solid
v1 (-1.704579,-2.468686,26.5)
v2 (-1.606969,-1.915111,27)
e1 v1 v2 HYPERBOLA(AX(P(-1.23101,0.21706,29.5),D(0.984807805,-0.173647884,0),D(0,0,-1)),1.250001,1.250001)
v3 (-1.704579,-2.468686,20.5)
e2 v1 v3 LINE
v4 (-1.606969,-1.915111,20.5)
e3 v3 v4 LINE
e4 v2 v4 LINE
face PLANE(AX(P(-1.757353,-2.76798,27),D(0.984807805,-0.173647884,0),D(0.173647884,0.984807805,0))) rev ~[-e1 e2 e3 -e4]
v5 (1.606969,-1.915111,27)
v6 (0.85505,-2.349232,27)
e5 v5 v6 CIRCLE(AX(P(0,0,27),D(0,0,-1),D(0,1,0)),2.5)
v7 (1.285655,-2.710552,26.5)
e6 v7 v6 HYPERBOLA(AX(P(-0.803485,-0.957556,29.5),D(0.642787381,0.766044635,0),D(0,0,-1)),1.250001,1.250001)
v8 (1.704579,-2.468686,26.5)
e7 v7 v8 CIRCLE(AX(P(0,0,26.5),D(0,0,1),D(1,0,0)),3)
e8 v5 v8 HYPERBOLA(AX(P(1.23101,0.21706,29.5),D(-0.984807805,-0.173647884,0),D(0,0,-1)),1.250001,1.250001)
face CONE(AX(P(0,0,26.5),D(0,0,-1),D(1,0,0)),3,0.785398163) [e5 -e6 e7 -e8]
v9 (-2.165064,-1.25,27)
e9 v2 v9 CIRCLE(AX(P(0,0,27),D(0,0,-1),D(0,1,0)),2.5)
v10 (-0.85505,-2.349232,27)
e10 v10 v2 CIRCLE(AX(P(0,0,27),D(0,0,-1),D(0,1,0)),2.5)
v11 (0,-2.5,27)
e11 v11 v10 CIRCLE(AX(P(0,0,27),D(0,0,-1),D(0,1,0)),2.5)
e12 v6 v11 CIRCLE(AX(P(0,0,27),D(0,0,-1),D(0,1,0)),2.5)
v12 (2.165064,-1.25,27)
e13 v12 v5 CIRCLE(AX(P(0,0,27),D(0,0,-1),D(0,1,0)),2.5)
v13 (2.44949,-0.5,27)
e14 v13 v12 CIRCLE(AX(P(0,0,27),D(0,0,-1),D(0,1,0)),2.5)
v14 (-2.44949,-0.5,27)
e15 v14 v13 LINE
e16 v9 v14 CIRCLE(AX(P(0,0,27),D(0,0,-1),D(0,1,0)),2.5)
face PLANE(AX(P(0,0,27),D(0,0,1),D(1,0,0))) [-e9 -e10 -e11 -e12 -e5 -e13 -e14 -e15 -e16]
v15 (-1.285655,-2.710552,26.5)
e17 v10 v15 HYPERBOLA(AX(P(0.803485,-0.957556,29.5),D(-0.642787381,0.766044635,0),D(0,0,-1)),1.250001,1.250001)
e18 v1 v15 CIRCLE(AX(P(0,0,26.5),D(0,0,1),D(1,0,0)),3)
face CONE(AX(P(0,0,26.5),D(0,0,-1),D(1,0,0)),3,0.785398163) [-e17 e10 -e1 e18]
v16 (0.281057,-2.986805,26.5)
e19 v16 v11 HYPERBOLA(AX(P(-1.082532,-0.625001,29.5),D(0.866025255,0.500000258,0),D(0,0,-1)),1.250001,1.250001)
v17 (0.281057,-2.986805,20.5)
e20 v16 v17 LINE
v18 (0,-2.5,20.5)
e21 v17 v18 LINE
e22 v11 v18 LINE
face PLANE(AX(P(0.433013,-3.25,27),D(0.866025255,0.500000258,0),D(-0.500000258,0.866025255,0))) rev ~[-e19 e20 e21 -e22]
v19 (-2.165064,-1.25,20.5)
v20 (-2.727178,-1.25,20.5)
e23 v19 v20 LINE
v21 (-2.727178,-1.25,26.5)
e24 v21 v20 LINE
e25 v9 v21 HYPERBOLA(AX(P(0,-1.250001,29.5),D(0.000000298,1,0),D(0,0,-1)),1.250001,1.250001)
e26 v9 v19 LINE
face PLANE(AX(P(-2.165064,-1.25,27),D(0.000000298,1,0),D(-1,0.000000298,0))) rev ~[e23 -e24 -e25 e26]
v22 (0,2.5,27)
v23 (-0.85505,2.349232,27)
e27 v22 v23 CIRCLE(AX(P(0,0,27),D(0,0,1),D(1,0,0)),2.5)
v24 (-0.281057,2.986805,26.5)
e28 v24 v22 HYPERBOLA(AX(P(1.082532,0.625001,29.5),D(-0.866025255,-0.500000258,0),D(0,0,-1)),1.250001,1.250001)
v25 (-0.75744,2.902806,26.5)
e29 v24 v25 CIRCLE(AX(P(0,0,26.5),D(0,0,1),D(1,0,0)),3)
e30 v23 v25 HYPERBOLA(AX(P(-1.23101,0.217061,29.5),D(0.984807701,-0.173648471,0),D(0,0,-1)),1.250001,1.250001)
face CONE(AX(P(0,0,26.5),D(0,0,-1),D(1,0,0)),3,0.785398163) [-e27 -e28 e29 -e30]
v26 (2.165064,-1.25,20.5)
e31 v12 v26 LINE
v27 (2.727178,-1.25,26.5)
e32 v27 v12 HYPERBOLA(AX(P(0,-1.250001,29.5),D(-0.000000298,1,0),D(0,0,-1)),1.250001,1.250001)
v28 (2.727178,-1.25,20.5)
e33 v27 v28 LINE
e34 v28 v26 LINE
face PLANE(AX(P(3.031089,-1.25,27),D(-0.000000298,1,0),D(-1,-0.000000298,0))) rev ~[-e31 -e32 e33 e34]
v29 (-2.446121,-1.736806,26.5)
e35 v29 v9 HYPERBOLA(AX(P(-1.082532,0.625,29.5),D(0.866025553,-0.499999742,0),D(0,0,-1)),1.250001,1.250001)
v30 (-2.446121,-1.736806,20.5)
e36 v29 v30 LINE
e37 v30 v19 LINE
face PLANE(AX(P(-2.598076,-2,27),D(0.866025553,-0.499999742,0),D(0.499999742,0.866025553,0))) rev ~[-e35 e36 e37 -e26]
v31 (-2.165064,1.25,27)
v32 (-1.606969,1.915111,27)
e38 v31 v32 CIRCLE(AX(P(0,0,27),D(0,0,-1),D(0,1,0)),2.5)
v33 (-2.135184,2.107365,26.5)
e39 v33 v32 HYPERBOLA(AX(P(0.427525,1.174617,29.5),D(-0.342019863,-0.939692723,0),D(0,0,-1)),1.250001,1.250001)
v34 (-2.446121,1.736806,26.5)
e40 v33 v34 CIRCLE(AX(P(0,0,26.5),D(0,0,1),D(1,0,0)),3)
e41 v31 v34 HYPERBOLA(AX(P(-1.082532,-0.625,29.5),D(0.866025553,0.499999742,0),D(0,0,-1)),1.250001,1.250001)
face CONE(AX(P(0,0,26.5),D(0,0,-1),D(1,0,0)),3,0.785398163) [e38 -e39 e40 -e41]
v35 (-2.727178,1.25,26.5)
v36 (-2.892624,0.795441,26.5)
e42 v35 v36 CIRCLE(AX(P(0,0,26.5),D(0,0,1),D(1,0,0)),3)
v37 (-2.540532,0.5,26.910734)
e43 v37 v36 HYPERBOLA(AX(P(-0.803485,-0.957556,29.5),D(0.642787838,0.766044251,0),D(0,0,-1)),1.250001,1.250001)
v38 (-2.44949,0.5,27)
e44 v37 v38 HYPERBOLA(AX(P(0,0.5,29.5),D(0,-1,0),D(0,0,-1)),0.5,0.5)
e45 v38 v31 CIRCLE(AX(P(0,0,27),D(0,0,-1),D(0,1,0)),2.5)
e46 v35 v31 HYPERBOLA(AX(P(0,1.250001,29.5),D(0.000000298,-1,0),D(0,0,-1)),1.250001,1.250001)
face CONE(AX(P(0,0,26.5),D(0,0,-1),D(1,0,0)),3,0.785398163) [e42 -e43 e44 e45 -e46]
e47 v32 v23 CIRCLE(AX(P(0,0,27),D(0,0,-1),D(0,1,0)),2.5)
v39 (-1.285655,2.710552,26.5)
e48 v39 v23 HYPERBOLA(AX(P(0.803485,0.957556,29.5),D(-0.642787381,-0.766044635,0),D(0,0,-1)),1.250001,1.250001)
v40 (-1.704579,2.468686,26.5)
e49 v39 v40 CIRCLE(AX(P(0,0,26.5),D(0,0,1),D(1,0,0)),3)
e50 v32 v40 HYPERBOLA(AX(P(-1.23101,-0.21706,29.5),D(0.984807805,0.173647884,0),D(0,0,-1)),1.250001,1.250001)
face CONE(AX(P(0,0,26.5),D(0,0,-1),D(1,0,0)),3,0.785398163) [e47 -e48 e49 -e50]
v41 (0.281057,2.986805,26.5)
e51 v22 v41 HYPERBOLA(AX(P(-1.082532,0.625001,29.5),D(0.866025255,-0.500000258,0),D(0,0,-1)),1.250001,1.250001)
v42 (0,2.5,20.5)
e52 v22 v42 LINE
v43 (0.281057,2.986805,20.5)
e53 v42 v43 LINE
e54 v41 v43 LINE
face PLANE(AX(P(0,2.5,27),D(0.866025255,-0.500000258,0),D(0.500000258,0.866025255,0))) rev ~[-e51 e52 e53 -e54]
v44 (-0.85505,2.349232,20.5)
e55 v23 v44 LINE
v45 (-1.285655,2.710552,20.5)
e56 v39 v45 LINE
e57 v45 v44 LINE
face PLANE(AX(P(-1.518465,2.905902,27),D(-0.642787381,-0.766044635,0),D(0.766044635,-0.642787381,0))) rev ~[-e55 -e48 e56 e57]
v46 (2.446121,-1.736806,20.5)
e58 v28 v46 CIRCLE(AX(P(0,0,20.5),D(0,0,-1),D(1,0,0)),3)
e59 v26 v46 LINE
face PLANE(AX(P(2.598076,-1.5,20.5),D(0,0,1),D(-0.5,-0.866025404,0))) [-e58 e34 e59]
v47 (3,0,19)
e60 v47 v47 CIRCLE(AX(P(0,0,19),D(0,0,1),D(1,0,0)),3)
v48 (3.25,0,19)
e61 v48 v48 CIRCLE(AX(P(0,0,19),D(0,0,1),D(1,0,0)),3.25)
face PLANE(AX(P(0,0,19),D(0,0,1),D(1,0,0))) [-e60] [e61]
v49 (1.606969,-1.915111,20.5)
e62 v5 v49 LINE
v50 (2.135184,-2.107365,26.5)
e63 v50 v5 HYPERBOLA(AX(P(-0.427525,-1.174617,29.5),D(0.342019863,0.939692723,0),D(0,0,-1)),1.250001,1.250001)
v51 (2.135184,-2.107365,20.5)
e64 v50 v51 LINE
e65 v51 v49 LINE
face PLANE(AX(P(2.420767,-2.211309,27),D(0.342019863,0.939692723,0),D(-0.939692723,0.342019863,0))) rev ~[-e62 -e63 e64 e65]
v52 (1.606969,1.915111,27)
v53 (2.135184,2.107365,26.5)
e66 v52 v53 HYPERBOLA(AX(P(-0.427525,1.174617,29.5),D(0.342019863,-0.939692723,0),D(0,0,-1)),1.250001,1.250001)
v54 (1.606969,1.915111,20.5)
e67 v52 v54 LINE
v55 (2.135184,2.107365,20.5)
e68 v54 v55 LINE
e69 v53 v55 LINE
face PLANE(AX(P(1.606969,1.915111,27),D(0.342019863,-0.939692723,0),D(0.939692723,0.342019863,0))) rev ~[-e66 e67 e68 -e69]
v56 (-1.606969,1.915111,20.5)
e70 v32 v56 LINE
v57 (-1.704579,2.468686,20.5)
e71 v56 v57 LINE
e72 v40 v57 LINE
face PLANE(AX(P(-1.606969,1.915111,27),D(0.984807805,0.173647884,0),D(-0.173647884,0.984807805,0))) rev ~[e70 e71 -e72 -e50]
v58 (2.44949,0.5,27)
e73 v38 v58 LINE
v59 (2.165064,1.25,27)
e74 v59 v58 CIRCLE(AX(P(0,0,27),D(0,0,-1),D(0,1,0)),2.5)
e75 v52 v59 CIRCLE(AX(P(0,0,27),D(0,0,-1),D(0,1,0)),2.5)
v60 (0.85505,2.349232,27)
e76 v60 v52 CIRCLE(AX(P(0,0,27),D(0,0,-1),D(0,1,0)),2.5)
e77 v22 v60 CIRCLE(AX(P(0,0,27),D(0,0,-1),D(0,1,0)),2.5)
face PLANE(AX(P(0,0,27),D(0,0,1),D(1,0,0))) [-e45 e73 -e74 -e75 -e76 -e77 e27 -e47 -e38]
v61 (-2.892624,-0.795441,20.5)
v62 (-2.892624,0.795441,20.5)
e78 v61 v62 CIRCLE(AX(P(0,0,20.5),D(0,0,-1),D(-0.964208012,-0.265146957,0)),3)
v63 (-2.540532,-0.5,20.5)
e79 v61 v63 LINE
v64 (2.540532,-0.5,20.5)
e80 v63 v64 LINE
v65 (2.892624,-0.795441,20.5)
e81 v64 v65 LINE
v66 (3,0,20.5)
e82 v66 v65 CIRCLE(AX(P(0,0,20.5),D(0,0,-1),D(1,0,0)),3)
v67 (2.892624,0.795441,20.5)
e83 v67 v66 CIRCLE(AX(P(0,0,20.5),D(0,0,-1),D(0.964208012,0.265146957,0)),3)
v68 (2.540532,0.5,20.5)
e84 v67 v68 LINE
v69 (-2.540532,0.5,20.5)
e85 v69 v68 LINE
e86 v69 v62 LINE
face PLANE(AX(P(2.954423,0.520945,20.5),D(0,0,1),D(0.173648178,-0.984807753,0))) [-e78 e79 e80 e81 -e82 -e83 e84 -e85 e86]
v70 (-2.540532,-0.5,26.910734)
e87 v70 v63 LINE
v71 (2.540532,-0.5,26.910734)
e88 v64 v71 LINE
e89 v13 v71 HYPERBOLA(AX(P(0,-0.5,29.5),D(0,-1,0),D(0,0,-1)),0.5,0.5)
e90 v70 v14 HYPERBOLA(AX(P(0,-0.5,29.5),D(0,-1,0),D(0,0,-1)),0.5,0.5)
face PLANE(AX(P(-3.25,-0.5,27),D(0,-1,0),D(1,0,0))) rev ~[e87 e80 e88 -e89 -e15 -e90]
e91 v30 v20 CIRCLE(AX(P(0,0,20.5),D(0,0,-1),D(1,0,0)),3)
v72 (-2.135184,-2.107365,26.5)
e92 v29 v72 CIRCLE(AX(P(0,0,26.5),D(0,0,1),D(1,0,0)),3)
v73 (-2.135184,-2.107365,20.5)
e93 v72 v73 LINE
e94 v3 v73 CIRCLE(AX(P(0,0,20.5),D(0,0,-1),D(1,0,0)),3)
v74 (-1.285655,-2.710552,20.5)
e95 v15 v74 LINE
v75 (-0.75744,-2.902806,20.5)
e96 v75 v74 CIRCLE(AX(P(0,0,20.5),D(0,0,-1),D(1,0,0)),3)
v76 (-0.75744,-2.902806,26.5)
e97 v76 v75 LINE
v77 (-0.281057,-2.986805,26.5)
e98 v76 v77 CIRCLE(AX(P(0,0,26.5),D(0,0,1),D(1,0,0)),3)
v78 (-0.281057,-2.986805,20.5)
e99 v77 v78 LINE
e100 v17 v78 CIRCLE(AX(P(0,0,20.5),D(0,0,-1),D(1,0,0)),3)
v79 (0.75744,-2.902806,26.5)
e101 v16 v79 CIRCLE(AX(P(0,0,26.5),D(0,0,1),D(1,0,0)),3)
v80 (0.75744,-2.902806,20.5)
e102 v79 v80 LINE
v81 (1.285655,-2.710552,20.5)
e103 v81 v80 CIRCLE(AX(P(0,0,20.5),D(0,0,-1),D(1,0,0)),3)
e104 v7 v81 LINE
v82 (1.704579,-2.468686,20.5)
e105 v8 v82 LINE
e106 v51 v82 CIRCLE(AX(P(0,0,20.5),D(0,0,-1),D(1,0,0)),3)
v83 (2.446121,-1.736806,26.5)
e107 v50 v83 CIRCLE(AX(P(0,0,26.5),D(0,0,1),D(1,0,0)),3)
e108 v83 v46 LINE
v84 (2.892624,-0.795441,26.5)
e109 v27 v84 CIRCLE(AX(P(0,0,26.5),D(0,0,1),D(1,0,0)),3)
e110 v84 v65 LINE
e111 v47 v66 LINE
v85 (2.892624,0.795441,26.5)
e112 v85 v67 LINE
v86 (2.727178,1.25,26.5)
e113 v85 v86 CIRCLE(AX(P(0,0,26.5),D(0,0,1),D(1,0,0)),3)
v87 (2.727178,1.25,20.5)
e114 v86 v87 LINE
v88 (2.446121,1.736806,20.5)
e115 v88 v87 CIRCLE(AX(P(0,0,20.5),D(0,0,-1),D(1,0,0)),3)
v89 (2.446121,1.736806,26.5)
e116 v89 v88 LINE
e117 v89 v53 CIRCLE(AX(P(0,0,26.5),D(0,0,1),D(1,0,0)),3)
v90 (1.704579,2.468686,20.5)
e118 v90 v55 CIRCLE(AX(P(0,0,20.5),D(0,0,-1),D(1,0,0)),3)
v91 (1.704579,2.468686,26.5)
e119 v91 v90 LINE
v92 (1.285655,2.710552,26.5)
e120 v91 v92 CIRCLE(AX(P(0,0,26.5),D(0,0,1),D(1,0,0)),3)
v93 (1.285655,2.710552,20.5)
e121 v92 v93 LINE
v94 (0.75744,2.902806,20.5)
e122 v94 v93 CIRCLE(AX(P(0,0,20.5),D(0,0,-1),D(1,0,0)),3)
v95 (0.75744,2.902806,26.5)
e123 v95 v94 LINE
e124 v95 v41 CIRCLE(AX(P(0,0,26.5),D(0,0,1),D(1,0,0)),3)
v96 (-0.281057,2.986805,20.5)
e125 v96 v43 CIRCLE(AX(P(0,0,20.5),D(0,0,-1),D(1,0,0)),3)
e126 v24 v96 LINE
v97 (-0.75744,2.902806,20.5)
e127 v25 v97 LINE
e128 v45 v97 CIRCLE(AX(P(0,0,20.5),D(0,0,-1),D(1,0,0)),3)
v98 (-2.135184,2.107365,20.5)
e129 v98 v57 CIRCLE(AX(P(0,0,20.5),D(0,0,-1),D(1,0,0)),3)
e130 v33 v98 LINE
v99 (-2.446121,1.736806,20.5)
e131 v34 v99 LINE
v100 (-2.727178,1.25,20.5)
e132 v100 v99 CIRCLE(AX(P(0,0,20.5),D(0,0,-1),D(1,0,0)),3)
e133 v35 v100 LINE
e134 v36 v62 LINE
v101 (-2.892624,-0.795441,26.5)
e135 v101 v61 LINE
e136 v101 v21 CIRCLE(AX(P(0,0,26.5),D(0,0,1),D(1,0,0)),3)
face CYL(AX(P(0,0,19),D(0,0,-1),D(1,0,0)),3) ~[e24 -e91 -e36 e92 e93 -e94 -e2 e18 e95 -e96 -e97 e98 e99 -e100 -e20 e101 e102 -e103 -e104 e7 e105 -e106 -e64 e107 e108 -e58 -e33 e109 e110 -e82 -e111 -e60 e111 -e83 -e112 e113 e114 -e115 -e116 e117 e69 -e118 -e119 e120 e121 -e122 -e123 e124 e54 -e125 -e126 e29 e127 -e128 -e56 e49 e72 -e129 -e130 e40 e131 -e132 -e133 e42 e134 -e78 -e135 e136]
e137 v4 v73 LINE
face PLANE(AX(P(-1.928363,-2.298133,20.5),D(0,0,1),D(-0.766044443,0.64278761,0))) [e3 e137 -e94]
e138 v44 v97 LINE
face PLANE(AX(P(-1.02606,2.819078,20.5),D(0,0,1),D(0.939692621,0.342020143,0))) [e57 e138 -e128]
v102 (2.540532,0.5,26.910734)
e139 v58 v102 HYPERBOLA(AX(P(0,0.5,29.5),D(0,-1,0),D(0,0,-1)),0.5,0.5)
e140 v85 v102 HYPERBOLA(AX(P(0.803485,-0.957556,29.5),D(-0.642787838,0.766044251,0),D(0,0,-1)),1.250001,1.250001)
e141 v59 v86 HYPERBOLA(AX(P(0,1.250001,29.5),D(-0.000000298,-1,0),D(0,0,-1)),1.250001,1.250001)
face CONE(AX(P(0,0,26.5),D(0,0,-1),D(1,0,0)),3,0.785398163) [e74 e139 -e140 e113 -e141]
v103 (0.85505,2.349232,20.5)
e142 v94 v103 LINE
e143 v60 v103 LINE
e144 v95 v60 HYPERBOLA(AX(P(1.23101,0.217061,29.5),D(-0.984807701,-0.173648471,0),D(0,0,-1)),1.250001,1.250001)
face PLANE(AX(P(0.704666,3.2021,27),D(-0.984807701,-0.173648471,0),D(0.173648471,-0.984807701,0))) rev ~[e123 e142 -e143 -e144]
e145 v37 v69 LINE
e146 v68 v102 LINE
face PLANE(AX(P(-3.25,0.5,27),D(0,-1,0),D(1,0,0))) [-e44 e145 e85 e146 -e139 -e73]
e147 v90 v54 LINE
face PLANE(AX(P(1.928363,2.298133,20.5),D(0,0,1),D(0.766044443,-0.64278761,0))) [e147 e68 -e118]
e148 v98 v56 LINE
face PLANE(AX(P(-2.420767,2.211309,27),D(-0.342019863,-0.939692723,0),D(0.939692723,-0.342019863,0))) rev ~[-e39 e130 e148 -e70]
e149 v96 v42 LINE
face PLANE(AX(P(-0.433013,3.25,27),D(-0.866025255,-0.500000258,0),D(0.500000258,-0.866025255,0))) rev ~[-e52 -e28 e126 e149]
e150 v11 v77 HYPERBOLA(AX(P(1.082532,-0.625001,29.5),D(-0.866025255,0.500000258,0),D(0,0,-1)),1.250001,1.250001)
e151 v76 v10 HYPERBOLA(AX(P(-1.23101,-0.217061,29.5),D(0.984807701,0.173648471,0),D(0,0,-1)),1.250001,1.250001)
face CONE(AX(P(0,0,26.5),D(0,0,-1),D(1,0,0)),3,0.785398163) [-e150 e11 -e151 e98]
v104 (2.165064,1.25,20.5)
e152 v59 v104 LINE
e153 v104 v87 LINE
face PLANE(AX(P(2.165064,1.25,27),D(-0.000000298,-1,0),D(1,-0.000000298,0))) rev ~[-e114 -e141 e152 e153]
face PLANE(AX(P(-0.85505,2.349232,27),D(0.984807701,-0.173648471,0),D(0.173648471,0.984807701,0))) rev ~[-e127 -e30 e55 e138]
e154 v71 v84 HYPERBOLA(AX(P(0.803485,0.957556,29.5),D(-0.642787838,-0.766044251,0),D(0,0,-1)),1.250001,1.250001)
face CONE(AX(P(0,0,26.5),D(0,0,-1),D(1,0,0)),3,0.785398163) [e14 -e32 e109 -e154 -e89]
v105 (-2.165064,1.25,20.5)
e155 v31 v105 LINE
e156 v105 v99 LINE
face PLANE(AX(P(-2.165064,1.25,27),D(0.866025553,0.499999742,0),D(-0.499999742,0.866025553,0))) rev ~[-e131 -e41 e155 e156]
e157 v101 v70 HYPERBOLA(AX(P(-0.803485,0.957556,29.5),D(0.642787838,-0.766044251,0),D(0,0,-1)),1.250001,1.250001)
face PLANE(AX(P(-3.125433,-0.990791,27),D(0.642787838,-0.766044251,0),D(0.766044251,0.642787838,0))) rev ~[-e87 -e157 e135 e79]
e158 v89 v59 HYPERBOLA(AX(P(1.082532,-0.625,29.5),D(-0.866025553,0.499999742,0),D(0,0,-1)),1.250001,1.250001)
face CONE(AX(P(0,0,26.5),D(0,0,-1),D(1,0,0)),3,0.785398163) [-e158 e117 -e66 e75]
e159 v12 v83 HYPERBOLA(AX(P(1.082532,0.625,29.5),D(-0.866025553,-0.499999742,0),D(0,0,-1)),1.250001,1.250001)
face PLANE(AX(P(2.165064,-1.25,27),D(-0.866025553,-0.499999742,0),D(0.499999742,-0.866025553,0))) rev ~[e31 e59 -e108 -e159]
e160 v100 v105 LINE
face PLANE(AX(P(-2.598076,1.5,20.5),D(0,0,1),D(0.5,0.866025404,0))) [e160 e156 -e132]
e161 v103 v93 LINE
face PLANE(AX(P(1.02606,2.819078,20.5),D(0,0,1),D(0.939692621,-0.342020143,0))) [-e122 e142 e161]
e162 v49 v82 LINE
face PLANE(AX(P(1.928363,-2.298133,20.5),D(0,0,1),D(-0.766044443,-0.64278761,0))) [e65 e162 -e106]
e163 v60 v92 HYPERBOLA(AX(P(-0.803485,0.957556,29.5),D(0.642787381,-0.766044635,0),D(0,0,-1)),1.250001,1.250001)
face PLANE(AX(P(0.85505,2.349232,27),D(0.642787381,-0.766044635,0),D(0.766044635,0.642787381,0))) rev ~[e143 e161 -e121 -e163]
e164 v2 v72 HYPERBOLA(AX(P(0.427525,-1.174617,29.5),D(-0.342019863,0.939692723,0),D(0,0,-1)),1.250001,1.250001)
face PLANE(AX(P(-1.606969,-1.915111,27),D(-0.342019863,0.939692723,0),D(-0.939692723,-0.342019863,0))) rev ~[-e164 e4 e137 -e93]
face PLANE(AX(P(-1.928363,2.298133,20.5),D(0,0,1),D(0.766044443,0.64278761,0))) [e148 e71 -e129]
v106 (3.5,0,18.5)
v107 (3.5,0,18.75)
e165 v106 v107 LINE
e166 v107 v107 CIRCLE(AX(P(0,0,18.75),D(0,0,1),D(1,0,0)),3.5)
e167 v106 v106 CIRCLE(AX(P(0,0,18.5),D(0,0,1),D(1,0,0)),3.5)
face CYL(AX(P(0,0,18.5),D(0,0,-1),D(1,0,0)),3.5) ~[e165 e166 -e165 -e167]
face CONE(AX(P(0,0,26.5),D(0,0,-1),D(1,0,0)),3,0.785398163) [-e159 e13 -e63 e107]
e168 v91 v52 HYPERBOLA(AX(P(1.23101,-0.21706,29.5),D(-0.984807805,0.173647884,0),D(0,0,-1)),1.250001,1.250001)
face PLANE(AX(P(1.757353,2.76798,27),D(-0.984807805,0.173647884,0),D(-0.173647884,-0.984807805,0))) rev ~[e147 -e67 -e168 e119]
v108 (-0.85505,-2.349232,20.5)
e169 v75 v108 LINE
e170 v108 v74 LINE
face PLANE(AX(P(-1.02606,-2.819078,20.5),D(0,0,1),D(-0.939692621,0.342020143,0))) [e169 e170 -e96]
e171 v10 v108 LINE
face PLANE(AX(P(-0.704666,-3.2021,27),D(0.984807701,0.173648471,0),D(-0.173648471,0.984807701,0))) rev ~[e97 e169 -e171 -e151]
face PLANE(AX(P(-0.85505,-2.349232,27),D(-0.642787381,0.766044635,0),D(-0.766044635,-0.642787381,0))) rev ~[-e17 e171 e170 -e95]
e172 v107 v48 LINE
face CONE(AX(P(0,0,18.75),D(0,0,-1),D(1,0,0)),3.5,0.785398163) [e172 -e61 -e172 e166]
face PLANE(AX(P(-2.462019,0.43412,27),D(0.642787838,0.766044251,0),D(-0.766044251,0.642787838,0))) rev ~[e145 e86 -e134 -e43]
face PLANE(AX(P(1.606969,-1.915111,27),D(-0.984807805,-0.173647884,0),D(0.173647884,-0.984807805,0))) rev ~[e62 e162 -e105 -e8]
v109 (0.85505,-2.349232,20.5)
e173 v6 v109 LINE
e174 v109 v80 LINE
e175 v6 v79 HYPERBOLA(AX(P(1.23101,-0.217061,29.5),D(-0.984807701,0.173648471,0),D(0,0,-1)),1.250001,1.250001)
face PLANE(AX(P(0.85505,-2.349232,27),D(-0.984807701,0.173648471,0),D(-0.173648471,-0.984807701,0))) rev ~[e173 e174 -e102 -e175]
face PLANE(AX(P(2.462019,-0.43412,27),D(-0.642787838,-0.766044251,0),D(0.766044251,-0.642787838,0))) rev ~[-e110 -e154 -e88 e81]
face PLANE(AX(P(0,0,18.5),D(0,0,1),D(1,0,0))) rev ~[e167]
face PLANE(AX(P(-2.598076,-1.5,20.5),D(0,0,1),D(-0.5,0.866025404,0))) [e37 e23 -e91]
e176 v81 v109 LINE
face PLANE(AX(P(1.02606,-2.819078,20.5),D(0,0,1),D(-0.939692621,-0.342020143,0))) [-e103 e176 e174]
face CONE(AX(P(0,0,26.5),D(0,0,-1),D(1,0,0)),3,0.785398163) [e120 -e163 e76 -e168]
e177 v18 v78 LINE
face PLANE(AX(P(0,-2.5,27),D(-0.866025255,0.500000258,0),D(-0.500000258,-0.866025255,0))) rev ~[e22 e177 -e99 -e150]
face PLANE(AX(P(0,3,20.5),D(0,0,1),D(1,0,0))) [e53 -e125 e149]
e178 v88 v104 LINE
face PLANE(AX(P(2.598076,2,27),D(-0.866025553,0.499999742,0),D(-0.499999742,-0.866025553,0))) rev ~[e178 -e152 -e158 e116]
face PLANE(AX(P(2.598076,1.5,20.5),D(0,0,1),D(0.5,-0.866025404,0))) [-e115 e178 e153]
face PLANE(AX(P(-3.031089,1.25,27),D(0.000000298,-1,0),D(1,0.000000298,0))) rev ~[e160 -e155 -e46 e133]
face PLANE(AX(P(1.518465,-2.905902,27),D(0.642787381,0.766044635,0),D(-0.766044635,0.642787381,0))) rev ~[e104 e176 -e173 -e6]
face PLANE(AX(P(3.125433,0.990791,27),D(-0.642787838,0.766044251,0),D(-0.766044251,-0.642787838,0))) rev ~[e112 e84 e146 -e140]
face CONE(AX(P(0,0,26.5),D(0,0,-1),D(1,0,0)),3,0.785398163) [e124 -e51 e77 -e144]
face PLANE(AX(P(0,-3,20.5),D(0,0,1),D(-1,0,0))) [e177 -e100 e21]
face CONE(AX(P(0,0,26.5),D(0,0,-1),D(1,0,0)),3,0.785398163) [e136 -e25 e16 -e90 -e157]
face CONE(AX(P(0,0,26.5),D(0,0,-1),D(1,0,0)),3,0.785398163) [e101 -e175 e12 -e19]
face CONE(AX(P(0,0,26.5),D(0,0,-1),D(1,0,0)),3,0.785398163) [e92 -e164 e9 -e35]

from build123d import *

# Parameters (mm, degrees)
SKETCH009_R           = 3.5
PAD006_DEPTH          = 0.5
CHAMFER001_SIZE       = 0.25
SKETCH010_R           = 3
PAD007_DEPTH          = 8
CHAMFER002_SIZE       = 0.5
POCKET002_DEPTH       = 6.5
POLARPATTERN002_COUNT = 18
SKETCH012_W           = 6.5
SKETCH012_H           = 1
POCKET003_DEPTH       = 6.5


with BuildPart() as part:
    # Sketch009 → Pad006 (new body)
    with BuildSketch(Plane.XY.offset(18.5)):
        Circle(SKETCH009_R)
    extrude(amount=PAD006_DEPTH)

    # Chamfer001
    chamfer001_edges = [part.edges().sort_by_distance(p)[0] for p in [
        (-3.5, 0, 19),
    ]]
    chamfer(chamfer001_edges, length=CHAMFER001_SIZE)

    # Sketch010 (on Face4 of Chamfer001) → Pad007 (join)
    with BuildSketch(Plane.XY.offset(19)):
        Circle(SKETCH010_R)
    extrude(amount=PAD007_DEPTH)

    # Chamfer002
    chamfer002_edges = [part.edges().sort_by_distance(p)[0] for p in [
        (-3, 0, 27),
    ]]
    chamfer(chamfer002_edges, length=CHAMFER002_SIZE)

    # Sketch011 (on Face6 of Pad007) → Pocket002 (cut)
    with BuildSketch(Plane.XY.offset(27)):
        Polygon((0, 2.5), (0.433013, 3.25), (-0.433013, 3.25), align=None)
    pocket002 = extrude(amount=-POCKET002_DEPTH, mode=Mode.SUBTRACT)

    # PolarPattern002: Pocket002 ×18 about axis
    polarpattern002_axis = Axis((0, 0, 27), (0, 0, 1))
    for i in range(1, POLARPATTERN002_COUNT):
        add(pocket002.rotate(polarpattern002_axis, i * 360 / POLARPATTERN002_COUNT), mode=Mode.SUBTRACT)

    # Sketch012 (on Face76 of PolarPattern002) → Pocket003 (cut)
    with BuildSketch(Plane.XY.offset(27)):
        Rectangle(SKETCH012_W, SKETCH012_H)
    extrude(amount=-POCKET003_DEPTH, mode=Mode.SUBTRACT)


solid = part.part
